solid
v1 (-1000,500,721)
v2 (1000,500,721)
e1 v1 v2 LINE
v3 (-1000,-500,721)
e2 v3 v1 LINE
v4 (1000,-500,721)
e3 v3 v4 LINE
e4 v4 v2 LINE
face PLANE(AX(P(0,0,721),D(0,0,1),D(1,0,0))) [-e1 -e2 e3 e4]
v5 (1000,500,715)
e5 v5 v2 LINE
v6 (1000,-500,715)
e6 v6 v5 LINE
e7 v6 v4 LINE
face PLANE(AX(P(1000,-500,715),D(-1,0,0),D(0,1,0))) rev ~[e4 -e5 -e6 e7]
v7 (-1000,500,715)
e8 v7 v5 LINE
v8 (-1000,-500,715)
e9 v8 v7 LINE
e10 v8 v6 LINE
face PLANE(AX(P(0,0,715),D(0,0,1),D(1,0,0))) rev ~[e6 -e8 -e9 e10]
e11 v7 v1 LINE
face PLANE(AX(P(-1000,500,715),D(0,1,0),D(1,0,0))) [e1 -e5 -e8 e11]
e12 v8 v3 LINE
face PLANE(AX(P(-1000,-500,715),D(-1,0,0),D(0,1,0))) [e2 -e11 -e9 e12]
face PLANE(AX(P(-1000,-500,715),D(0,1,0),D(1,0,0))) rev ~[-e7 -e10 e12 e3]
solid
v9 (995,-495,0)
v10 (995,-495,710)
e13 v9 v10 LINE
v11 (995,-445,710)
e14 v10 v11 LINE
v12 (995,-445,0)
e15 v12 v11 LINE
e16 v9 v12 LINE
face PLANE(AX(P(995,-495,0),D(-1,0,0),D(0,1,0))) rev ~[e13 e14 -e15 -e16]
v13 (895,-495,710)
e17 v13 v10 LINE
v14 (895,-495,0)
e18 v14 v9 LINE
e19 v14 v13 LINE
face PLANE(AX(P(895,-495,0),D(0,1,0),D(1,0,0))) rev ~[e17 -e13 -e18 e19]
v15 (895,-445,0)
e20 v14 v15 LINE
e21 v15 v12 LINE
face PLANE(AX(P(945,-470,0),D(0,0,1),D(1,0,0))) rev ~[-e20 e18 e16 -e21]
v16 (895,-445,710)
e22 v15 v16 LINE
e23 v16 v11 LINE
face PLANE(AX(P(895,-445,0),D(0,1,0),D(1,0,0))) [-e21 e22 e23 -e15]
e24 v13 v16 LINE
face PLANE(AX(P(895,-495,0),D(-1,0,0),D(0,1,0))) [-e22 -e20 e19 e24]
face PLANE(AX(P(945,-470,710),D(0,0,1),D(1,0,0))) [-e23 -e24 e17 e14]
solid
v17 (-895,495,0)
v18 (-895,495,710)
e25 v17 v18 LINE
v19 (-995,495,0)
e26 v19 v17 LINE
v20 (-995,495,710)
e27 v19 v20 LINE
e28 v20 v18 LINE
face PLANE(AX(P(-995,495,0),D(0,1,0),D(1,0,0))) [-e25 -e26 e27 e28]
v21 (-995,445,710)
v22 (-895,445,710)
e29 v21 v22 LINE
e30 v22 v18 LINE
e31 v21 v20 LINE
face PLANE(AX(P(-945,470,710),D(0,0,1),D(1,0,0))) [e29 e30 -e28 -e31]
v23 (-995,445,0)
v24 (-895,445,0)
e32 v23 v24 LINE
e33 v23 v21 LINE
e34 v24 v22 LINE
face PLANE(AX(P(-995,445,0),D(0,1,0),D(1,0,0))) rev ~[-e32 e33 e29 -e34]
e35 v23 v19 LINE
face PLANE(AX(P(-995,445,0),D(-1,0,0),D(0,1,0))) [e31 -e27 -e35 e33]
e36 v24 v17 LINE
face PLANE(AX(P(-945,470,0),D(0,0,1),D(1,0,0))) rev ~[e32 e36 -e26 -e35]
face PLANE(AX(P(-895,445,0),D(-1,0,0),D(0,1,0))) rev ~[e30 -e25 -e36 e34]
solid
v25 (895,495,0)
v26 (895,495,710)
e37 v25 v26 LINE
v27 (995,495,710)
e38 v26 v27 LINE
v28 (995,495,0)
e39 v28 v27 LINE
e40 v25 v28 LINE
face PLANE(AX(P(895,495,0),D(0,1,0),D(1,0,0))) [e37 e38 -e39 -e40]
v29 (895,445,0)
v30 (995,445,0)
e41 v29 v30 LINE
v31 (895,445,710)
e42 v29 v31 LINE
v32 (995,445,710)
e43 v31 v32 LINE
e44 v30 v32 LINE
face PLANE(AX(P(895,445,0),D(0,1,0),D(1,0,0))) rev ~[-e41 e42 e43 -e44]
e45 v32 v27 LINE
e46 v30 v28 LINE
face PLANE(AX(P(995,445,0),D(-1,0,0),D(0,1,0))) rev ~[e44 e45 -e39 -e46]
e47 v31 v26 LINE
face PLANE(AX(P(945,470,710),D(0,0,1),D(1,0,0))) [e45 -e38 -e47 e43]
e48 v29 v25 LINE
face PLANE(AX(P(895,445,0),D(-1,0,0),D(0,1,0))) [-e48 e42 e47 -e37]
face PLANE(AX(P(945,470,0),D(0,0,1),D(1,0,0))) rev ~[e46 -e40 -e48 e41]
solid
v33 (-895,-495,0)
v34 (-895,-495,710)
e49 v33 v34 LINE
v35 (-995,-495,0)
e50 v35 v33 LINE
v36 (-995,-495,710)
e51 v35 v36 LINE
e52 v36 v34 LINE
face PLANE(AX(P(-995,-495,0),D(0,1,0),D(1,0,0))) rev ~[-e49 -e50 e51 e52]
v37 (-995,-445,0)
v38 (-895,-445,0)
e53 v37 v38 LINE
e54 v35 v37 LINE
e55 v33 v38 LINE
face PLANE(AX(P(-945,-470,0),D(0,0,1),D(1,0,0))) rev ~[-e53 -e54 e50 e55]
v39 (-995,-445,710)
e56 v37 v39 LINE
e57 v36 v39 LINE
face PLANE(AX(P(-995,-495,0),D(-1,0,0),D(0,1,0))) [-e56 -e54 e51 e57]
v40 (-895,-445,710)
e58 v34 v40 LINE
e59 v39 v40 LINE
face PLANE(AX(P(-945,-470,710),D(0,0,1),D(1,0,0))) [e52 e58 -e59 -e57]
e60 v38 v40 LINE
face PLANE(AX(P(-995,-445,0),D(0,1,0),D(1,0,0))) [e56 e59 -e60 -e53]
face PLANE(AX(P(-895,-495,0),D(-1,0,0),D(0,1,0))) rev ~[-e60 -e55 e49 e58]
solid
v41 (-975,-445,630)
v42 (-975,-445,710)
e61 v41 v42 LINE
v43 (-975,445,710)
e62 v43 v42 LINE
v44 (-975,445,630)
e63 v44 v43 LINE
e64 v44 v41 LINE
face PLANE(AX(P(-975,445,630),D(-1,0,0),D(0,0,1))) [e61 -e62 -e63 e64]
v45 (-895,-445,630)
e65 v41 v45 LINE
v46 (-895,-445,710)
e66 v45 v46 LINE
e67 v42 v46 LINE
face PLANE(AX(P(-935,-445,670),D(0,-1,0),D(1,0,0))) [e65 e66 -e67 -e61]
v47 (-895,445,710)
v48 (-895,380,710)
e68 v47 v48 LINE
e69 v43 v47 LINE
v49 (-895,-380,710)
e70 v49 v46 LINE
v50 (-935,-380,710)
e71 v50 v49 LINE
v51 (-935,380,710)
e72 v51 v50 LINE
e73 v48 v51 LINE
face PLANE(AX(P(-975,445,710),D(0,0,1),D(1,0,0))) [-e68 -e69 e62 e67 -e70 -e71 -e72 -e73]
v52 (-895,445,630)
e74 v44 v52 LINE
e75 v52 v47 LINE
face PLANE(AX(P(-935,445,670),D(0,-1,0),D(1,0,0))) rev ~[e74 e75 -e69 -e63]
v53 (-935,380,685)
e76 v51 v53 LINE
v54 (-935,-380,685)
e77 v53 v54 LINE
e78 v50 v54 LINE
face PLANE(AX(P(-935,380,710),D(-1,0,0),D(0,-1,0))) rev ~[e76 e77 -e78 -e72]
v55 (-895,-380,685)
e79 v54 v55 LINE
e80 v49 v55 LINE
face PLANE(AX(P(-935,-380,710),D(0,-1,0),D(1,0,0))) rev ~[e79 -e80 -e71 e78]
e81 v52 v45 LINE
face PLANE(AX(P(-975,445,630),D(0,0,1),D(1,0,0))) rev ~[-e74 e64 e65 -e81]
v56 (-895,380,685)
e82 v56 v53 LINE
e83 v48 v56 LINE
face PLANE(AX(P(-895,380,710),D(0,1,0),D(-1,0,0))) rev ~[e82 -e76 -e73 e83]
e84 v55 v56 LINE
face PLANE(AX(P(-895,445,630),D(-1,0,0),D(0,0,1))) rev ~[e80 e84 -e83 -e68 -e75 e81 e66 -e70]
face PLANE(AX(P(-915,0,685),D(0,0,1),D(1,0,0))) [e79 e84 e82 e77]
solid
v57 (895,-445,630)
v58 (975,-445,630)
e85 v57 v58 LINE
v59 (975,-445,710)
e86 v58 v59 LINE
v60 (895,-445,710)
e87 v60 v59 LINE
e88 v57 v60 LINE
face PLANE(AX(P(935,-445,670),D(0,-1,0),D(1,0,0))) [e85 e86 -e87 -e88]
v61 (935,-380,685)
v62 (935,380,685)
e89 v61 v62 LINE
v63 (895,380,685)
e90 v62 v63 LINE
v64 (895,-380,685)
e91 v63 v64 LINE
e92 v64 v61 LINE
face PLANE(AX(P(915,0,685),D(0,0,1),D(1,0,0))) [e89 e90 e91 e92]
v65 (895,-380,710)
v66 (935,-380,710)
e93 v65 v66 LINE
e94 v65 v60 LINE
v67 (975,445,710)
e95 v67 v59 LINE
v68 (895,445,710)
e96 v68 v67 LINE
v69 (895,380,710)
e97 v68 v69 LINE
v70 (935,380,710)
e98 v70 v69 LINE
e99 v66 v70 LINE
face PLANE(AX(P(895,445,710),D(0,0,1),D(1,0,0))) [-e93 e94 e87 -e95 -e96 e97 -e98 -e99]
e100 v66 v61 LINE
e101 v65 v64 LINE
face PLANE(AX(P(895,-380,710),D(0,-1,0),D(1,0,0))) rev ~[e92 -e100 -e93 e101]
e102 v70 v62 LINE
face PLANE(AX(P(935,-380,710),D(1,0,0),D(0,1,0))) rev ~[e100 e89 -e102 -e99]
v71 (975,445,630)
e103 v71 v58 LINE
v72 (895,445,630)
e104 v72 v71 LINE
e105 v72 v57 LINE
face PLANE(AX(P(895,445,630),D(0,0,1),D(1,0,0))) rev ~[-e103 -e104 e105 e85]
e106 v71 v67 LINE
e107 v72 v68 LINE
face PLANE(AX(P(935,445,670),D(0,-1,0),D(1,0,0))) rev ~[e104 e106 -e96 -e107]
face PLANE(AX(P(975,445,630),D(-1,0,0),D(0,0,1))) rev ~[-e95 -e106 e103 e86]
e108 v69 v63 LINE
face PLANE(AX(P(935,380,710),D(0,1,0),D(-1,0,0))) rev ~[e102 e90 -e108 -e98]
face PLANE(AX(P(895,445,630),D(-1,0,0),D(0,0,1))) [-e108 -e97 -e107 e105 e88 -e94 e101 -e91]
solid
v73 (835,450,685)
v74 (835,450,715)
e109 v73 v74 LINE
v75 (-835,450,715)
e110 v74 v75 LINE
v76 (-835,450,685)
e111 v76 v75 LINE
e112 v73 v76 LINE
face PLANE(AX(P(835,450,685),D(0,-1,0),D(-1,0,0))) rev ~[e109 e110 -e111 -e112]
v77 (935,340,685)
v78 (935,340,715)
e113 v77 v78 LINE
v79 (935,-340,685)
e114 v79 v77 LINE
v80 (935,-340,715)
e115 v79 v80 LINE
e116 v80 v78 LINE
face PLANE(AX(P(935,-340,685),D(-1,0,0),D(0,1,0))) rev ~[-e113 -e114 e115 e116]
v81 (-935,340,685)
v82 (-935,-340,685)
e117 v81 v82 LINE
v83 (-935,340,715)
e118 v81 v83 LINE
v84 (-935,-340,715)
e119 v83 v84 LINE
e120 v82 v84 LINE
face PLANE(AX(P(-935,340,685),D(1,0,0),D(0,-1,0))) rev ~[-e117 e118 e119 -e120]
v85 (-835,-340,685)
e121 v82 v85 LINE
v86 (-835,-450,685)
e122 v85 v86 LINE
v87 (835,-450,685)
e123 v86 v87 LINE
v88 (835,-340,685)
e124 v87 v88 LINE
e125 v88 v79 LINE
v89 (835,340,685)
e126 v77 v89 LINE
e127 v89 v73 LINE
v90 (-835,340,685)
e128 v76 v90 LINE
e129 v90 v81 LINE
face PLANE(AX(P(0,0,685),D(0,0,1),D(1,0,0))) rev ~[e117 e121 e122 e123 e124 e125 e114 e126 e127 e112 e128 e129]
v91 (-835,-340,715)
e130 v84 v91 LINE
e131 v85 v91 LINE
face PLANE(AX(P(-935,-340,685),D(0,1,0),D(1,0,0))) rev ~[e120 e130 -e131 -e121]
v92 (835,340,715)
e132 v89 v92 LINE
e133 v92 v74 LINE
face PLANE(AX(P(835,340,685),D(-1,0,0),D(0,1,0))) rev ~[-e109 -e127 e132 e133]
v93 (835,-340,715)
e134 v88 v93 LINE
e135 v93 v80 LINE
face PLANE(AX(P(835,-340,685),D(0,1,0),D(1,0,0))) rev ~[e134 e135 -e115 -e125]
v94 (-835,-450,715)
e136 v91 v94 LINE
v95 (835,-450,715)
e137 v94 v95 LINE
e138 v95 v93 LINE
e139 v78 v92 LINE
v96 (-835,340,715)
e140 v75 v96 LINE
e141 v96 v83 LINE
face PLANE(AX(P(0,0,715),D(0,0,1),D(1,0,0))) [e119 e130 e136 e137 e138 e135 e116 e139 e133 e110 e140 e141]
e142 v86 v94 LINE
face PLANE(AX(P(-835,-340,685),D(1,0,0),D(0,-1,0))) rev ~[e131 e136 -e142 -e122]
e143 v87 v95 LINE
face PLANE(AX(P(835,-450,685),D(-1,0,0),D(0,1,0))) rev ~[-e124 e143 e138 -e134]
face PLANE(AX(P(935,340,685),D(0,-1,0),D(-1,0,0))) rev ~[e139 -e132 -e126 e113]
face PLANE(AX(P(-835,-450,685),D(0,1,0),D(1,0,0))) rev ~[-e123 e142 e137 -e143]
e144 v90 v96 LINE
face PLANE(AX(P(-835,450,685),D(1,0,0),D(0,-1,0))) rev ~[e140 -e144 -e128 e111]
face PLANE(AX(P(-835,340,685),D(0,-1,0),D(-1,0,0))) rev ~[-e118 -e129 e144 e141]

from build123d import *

# Parameters (mm, degrees)
F0_W     = 100
F0_H     = 50
F1_DEPTH = 710
F2_W     = 80
F2_H     = 80
F3_DEPTH = 890
F5_DEPTH = 25
F7_DEPTH = 30
F8_W     = 2000
F8_H     = 1000
F9_DEPTH = 6


with BuildPart() as f1:
    # F0 (on Top) → F1 (new body)
    with BuildSketch(Plane.XY):
        with Locations((-945, 470)):
            Rectangle(F0_W, F0_H)
        with Locations((945, 470)):
            Rectangle(F0_W, F0_H)
        with Locations((945, -470)):
            Rectangle(F0_W, F0_H)
        with Locations((-945, -470)):
            Rectangle(F0_W, F0_H)
    extrude(amount=F1_DEPTH)


with BuildPart() as f3:
    # F2 (on face) → F3 (new body, through all)
    with BuildSketch(Plane.XZ.offset(-445)):
        with Locations((-935, 670)):
            Rectangle(F2_W, F2_H)
        with Locations((935, 670)):
            Rectangle(F2_W, F2_H)
    extrude(amount=F3_DEPTH)

    # F4 (on face) → F5 (cut)
    with BuildSketch(Plane.XY.offset(710)):
        Polygon((-935, 380), (-935, 0), (-935, -380), (-895, -380), (-895, 0), (-895, 380), align=None)
        Polygon((935, 0), (935, 380), (895, 380), (895, 0), (895, -380), (935, -380), align=None)
    extrude(amount=-F5_DEPTH, mode=Mode.SUBTRACT)


with BuildPart() as f7:
    # F6 (on face) → F7 (new body)
    with BuildSketch(Plane.XY.offset(685)):
        Polygon((-935, 340), (-935, 0), (-935, -340), (-835, -340), (-835, -450), (0, -450), (835, -450), (835, -340), (935, -340), (935, 0), (935, 340), (835, 340), (835, 450), (0, 450), (-835, 450), (-835, 340), align=None)
    extrude(amount=F7_DEPTH)


with BuildPart() as f9:
    # F8 (on face) → F9 (new body)
    with BuildSketch(Plane.XY.offset(715)):
        Rectangle(F8_W, F8_H)
    extrude(amount=F9_DEPTH)


solid = Compound([f1.part, f3.part, f7.part, f9.part])
